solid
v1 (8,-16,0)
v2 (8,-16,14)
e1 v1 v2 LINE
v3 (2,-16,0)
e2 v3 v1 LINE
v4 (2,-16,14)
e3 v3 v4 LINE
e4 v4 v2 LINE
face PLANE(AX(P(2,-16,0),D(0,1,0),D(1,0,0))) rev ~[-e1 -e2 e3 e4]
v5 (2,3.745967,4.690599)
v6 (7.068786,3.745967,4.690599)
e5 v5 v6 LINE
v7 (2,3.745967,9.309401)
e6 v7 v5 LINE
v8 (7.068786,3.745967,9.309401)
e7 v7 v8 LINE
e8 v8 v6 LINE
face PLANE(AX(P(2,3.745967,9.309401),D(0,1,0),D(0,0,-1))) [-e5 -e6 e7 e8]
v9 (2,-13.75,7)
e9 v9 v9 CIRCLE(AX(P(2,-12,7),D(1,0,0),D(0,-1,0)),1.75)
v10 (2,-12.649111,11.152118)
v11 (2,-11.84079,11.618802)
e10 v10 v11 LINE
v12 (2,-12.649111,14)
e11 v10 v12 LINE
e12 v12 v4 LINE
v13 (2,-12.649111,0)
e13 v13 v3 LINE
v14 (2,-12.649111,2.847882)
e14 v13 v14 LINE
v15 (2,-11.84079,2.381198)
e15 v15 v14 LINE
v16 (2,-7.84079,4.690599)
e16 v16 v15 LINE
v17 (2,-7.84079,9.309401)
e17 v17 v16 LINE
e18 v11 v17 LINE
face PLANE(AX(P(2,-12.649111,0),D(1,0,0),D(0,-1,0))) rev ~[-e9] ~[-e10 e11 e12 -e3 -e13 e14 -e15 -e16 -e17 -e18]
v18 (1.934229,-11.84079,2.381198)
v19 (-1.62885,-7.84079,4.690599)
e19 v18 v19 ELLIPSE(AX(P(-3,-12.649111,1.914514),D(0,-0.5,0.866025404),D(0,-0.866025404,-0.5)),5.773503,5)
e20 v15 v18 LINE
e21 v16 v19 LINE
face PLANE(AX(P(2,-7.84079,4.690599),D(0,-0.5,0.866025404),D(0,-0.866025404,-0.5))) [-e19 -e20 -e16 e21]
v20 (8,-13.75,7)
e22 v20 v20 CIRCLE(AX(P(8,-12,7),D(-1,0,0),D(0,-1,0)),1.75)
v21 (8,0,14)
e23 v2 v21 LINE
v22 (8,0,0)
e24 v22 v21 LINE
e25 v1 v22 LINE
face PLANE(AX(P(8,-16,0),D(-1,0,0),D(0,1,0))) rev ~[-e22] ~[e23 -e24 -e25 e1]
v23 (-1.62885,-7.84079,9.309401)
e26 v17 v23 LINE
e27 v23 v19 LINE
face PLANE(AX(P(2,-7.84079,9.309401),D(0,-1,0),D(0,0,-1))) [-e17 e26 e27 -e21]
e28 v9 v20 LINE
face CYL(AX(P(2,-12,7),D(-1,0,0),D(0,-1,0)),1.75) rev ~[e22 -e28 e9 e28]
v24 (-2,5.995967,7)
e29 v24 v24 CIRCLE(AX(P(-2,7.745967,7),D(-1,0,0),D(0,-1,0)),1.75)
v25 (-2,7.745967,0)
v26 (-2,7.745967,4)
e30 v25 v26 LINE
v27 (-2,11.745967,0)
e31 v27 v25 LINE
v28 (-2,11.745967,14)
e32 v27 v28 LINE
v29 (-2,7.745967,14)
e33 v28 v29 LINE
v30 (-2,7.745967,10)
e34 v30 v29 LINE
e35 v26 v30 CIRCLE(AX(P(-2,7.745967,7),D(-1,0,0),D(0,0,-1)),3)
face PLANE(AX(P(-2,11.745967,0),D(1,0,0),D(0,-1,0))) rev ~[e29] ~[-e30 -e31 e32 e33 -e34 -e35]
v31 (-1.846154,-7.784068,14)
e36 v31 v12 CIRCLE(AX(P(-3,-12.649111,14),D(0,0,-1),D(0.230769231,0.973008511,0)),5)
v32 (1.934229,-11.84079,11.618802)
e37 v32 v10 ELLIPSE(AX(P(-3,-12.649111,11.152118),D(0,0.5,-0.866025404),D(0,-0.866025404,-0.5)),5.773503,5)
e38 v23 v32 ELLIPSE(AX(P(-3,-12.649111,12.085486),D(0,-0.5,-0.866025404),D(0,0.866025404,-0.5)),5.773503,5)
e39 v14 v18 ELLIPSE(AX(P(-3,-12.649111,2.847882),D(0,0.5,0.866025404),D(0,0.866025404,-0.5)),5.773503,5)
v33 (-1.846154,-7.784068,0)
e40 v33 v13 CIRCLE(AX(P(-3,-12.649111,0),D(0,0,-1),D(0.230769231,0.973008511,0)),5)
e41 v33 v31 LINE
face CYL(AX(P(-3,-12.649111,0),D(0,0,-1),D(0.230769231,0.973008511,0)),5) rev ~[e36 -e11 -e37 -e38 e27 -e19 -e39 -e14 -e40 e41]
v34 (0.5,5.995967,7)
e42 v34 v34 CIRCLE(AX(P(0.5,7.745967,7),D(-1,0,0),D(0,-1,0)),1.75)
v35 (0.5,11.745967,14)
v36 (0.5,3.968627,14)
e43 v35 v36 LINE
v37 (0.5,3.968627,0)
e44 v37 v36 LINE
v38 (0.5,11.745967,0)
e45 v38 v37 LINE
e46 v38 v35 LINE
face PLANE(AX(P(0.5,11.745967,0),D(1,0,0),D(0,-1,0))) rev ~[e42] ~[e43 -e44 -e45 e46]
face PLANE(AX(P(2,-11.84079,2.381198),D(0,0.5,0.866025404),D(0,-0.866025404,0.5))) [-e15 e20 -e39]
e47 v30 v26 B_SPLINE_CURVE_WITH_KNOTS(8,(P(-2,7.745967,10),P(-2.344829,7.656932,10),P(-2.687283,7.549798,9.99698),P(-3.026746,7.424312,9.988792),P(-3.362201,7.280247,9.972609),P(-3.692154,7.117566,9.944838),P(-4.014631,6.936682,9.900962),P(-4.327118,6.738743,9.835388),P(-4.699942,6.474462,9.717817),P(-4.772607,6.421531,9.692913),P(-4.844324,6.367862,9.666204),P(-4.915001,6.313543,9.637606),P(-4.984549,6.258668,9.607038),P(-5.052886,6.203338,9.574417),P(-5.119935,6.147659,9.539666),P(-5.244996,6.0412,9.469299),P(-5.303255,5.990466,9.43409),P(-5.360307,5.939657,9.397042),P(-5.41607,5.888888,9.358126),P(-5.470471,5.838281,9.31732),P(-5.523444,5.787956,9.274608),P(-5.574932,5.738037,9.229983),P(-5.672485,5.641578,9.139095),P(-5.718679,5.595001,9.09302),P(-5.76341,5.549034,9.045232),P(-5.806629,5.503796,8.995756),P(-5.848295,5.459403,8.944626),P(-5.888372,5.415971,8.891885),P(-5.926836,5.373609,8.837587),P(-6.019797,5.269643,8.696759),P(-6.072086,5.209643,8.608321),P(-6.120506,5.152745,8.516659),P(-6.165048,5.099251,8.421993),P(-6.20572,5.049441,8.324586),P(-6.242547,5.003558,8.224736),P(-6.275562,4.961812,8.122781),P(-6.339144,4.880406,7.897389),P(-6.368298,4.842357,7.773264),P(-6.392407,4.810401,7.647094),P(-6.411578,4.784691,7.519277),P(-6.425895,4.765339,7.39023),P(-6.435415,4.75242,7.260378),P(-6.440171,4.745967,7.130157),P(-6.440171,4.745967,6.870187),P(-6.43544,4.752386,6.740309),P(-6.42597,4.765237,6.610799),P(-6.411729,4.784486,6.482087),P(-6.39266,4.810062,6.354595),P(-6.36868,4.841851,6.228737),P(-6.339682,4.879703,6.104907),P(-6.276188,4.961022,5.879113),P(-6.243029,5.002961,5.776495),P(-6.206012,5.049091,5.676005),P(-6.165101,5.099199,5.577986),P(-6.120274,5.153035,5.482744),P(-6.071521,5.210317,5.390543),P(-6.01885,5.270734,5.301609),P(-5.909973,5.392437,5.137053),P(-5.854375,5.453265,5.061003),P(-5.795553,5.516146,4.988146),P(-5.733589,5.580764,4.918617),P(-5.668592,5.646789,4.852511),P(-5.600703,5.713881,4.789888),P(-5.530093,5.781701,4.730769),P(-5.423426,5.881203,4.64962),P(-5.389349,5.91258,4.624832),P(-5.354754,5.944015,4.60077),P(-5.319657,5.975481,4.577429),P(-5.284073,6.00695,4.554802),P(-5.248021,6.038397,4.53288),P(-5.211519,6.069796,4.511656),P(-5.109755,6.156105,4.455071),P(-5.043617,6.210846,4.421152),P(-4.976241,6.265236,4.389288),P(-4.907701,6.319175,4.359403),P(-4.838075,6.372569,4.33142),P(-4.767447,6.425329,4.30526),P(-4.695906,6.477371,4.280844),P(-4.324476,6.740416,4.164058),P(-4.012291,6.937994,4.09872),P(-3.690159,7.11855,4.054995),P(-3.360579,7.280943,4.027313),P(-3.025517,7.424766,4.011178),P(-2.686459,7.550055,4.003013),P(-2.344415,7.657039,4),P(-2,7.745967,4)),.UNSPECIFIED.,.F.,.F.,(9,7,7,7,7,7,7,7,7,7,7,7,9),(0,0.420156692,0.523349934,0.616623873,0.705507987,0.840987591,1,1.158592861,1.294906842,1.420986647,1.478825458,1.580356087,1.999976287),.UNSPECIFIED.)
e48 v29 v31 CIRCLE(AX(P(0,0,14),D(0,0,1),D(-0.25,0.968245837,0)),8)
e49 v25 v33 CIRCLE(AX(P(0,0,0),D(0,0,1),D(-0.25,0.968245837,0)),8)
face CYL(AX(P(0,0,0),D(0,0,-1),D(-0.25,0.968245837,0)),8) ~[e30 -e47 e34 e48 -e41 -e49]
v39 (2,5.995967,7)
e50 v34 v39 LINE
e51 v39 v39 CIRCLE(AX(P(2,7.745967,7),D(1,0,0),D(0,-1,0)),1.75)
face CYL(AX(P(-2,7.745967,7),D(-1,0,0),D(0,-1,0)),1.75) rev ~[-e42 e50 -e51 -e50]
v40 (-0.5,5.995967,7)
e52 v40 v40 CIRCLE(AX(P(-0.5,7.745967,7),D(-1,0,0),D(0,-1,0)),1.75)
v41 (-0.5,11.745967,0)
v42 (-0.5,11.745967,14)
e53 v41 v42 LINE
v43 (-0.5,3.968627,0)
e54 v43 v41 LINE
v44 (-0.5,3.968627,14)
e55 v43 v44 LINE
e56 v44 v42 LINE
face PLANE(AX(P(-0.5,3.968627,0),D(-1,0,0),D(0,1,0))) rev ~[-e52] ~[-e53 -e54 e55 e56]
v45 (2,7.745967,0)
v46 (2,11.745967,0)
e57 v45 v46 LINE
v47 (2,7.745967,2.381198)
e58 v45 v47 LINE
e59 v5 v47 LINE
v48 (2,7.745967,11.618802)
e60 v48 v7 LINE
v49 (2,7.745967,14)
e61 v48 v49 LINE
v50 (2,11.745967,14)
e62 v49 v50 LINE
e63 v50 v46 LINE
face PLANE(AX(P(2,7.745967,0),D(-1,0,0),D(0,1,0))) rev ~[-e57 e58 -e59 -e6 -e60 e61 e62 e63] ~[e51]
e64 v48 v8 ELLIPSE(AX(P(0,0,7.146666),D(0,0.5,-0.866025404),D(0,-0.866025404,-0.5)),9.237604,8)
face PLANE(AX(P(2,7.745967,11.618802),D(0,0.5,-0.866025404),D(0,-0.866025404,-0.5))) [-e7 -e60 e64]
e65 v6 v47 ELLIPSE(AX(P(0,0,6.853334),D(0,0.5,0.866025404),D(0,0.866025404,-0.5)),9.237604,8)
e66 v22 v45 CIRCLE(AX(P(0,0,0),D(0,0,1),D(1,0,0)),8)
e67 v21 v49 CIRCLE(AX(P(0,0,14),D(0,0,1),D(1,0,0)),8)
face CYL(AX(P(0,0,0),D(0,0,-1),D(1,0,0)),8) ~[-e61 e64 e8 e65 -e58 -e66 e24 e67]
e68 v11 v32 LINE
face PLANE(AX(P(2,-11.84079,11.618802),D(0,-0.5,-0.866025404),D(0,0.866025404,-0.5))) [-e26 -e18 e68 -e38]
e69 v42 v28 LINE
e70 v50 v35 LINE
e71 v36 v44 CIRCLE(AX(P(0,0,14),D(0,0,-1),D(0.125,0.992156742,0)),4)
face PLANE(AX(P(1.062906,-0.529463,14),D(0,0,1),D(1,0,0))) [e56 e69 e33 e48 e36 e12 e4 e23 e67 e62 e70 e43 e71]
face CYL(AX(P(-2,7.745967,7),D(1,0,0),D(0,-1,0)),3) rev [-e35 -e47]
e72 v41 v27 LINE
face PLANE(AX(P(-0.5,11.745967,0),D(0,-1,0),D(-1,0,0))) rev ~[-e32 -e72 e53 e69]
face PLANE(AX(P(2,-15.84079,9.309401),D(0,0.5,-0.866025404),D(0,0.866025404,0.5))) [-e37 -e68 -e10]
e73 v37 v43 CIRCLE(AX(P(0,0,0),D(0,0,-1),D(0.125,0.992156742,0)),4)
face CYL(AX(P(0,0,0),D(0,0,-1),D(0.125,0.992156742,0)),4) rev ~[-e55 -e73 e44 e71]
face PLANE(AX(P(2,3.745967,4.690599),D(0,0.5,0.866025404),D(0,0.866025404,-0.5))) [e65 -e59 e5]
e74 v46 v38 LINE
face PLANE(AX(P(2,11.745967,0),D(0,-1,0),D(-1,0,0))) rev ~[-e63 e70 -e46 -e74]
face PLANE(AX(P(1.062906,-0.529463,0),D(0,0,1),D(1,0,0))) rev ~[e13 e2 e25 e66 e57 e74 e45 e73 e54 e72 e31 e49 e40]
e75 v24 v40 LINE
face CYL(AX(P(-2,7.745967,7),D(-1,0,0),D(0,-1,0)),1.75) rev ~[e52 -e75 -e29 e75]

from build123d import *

# Parameters (mm, degrees)
F1_DEPTH  = 14
F2_R      = 3
F3_DEPTH  = 6.001
F4_R      = 1.75
F5_DEPTH  = 10.001
F7_DEPTH  = 6.0010001
F8_R      = 1.75
F9_DEPTH  = 6.001
F11_DEPTH = 10.0010001


with BuildPart() as f1:
    # F0 (on Top) → F1 (new body)
    with BuildSketch(Plane.XY):
        with BuildLine():
            Line((0.5, 11.7459666924), (0.5, 3.9686269666))
            ThreePointArc((0.5, 3.9686269666), (0, -4), (-0.5, 3.9686269666))
            Line((-0.5, 3.9686269666), (-0.5, 11.7459666924))
            Line((-0.5, 11.7459666924), (-2, 11.7459666924))
            Line((-2, 11.7459666924), (-2, 7.7459666924))
            ThreePointArc((-2, 7.7459666924), (-7.9996074848, -0.0792470114), (-1.8461538462, -7.7840680866))
            ThreePointArc((-1.8461538462, -7.7840680866), (0.9223227028, -9.5482422759), (2, -12.6491106407))
            Line((2, -12.6491106407), (2, -16))
            Line((2, -16), (8, -16))
            Line((8, -16), (8, 0))
            ThreePointArc((8, 0), (6.3245553203, 4.8989794856), (2, 7.7459666924))
            Line((2, 7.7459666924), (2, 11.7459666924))
            Line((2, 11.7459666924), (0.5, 11.7459666924))
        make_face()
    extrude(amount=F1_DEPTH)

    # F2 (on face) → F3 (cut, through all)
    with BuildSketch(Plane(origin=(-2, 0, 0), x_dir=(0, -1, 0), z_dir=(-1, 0, 0))):
        with Locations((-7.7459666924, 7)):
            Circle(F2_R)
    extrude(amount=F3_DEPTH, mode=Mode.SUBTRACT)

    # F4 (on face) → F5 (cut, through all)
    with BuildSketch(Plane(origin=(-2, 0, 0), x_dir=(0, -1, 0), z_dir=(-1, 0, 0))):
        with Locations((-7.7459666924, 7)):
            Circle(F4_R)
    extrude(amount=-F5_DEPTH, mode=Mode.SUBTRACT)

    # F6 (on face) → F7 (cut, through all)
    with BuildSketch(Plane.YZ.offset(2)):
        Polygon((3.7459666924, 4.6905989232), (7.7459666924, 2.3811978465), (11.7459666924, 4.6905989232), (11.7459666924, 9.3094010768), (7.7459666924, 11.6188021535), (3.7459666924, 9.3094010768), align=None)
    extrude(amount=F7_DEPTH, mode=Mode.SUBTRACT)

    # F8 (on face) → F9 (cut, through all)
    with BuildSketch(Plane(origin=(2, 0, 0), x_dir=(0, -1, 0), z_dir=(-1, 0, 0))):
        with Locations((12, 7)):
            Circle(F8_R)
    extrude(amount=-F9_DEPTH, mode=Mode.SUBTRACT)

    # F10 (on face) → F11 (cut, through all)
    with BuildSketch(Plane(origin=(2, 0, 0), x_dir=(0, -1, 0), z_dir=(-1, 0, 0))):
        Polygon((15.8407900553, 9.3094010768), (11.8407900553, 11.6188021535), (7.8407900553, 9.3094010768), (7.8407900553, 4.6905989232), (11.8407900553, 2.3811978465), (15.8407900553, 4.6905989232), align=None)
    extrude(amount=F11_DEPTH, mode=Mode.SUBTRACT)


solid = f1.part
